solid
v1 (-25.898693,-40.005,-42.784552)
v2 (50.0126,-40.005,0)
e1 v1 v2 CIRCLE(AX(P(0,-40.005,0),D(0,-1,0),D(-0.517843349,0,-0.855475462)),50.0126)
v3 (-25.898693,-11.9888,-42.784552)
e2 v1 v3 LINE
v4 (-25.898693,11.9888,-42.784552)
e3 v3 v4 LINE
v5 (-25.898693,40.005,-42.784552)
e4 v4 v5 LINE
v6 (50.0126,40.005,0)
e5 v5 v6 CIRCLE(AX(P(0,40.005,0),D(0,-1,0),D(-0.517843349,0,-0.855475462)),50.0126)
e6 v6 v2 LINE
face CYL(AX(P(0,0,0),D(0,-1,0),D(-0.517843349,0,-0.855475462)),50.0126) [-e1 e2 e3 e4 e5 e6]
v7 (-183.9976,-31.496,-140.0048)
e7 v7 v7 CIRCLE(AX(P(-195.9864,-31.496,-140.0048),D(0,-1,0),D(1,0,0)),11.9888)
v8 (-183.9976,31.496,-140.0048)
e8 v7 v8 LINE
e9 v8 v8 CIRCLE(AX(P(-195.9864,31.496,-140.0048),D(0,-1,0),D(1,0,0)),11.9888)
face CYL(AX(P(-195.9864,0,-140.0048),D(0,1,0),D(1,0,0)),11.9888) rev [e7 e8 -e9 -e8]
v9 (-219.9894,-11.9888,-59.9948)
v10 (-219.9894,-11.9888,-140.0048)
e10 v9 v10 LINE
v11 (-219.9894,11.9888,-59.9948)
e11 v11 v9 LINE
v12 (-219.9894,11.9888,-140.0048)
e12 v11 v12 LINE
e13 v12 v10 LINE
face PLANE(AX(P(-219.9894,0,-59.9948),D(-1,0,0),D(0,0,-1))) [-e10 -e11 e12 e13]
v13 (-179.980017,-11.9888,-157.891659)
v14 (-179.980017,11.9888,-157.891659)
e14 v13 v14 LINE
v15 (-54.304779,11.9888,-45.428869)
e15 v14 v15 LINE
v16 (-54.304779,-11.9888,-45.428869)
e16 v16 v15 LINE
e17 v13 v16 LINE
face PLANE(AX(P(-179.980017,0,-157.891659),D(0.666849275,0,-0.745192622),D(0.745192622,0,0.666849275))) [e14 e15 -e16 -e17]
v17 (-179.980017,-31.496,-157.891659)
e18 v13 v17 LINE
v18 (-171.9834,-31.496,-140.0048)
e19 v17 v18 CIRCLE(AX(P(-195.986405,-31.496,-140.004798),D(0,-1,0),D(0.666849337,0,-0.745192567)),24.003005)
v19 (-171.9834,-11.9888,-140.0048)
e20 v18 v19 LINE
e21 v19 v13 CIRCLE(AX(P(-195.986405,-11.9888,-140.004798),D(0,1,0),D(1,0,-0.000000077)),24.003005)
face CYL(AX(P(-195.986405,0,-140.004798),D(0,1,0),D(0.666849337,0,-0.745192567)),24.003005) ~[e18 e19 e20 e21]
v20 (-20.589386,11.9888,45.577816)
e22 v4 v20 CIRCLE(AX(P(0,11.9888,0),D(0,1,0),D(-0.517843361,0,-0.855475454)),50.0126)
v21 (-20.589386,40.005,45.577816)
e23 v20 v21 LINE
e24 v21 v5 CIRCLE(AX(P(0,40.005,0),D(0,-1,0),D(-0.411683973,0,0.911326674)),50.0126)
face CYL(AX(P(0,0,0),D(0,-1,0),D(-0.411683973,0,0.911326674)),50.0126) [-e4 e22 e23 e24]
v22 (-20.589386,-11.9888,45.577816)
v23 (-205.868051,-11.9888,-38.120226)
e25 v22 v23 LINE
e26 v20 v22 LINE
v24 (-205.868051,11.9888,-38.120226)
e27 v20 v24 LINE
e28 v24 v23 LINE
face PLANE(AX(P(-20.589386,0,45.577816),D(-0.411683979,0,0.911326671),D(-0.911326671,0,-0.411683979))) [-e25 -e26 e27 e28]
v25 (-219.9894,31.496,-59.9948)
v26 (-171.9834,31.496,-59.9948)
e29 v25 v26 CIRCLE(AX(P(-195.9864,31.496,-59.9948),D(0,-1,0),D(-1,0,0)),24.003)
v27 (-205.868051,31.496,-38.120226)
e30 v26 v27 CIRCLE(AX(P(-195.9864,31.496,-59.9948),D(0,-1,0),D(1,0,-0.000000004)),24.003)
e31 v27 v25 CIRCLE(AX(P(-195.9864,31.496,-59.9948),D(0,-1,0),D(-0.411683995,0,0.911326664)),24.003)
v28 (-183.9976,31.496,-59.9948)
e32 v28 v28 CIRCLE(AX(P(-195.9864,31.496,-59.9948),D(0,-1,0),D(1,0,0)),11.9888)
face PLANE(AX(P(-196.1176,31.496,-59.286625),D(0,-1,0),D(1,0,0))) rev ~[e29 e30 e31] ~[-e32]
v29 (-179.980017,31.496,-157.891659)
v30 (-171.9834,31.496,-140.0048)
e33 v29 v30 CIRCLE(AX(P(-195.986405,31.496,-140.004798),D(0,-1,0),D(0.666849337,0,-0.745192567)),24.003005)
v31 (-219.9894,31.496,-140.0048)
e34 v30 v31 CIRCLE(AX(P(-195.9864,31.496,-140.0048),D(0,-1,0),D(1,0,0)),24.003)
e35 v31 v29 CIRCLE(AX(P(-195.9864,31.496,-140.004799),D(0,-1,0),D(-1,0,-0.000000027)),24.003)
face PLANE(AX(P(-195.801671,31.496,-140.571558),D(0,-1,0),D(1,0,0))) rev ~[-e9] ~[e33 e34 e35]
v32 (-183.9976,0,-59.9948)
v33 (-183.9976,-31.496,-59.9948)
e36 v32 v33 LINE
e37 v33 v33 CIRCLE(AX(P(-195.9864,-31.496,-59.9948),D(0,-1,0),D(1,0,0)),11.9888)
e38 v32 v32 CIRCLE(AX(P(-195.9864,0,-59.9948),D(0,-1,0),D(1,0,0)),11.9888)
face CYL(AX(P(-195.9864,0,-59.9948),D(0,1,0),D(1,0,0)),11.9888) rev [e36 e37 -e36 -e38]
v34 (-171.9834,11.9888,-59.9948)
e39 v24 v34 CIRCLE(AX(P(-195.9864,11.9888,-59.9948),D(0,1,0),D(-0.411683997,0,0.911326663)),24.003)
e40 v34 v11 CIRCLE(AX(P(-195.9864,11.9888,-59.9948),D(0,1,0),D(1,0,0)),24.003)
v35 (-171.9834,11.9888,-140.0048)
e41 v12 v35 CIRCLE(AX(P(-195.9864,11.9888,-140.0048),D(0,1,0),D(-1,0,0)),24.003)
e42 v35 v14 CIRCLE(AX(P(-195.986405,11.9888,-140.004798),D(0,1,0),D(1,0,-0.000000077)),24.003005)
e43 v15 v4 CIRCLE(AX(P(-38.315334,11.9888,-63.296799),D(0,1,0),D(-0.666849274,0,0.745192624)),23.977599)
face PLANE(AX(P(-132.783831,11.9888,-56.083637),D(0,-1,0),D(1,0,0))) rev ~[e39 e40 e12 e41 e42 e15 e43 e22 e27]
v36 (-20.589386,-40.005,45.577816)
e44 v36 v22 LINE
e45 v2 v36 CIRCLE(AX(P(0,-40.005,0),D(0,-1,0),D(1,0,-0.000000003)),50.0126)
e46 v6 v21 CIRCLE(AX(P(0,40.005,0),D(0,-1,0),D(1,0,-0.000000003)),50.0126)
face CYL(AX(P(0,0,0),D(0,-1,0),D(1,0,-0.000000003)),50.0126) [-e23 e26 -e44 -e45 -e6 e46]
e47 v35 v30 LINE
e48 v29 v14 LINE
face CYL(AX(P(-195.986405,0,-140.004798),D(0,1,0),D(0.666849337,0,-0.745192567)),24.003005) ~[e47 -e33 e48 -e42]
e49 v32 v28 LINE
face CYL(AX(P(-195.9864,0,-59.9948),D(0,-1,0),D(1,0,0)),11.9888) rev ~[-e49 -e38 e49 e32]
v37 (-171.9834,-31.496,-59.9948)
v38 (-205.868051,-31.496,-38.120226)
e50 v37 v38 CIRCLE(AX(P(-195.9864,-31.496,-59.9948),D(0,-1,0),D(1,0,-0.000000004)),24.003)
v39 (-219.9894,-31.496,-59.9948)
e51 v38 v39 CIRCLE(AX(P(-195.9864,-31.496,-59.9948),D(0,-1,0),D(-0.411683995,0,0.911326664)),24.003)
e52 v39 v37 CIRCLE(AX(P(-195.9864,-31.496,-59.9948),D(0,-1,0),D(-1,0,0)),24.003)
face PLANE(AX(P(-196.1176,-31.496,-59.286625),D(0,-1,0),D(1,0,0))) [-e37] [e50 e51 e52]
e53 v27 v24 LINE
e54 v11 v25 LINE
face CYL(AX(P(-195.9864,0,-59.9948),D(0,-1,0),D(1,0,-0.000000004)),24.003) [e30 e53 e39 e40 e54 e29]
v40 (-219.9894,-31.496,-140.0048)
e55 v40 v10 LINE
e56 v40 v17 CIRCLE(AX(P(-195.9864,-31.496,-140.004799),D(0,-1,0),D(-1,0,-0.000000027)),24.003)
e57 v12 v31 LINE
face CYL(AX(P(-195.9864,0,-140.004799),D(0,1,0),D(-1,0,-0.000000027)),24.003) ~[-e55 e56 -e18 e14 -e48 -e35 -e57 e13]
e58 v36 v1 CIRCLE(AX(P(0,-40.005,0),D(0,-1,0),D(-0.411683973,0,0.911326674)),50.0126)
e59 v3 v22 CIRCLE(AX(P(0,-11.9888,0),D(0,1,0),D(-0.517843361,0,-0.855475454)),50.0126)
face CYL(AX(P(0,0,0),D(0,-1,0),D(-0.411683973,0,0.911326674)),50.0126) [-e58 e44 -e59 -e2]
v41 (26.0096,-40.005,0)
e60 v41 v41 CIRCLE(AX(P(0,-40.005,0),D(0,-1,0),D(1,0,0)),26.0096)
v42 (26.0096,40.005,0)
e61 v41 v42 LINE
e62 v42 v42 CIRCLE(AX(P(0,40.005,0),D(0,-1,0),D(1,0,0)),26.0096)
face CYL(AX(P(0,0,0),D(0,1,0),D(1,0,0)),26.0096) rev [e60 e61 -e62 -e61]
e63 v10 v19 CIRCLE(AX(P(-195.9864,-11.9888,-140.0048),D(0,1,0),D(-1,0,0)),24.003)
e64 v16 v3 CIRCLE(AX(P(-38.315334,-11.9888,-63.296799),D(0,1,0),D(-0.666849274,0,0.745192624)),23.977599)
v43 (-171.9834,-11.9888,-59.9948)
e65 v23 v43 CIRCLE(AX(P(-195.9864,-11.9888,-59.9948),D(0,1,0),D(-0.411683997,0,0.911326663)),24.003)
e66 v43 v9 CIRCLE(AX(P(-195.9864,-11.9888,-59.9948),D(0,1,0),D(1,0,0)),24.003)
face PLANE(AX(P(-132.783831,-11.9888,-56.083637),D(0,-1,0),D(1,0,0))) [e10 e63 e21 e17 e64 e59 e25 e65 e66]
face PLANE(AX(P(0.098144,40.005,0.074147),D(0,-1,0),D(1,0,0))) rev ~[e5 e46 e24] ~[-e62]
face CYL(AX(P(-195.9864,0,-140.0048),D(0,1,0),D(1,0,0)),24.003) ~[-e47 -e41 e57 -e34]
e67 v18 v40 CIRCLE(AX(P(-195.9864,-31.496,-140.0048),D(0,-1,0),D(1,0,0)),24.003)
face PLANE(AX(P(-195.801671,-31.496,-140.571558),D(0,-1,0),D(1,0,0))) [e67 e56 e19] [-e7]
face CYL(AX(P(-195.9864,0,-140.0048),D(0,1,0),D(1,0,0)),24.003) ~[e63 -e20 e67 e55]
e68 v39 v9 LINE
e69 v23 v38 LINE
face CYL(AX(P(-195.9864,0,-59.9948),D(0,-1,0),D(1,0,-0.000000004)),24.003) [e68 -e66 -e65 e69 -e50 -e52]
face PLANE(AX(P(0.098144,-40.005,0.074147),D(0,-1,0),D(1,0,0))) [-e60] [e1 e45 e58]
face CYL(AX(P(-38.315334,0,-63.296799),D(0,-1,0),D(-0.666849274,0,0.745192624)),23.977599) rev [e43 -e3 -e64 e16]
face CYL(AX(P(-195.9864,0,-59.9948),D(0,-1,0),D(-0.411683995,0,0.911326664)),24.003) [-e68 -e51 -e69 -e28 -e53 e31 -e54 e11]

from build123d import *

# Parameters (mm, degrees)
F0_R     = 26.0096
F1_DEPTH = 40.005
F0_R_2   = 11.9888
F2_DEPTH = 31.496
F3_DEPTH = 11.9888


with BuildPart() as f1:
    # F0 (on Front) → F1 (new body, symmetric)
    with BuildSketch(Plane.XZ):
        with BuildLine():
            ThreePointArc((-25.898693, -42.784552), (24.55605, -43.569032), (50.0126, 0))
            ThreePointArc((50.0126, 0), (27.125002, 42.017787), (-20.589386, 45.577816))
            ThreePointArc((-20.589386, 45.577816), (-49.922564, 2.999628), (-25.898693, -42.784552))
        make_face()
        Circle(F0_R, mode=Mode.SUBTRACT)
    extrude(amount=F1_DEPTH, both=True)



with BuildPart() as f2:
    # F0 (on Front) → F2 (new body, symmetric)
    with BuildSketch(Plane.XZ):
        with BuildLine():
            ThreePointArc((-219.9894, -140.0048), (-205.782899, -161.917641), (-179.980017, -157.891659))
            ThreePointArc((-179.980017, -157.891659), (-174.073559, -149.801299), (-171.9834, -140.0048))
            ThreePointArc((-171.9834, -140.0048), (-195.9864, -116.0018), (-219.9894, -140.0048))
        make_face()
        with Locations((-195.9864, -140.0048)):
            Circle(F0_R_2, mode=Mode.SUBTRACT)
        with BuildLine():
            ThreePointArc((-171.9834, -59.9948), (-182.968052, -39.828823), (-205.868051, -38.120226))
            ThreePointArc((-205.868051, -38.120226), (-216.152377, -46.976452), (-219.9894, -59.9948))
            ThreePointArc((-219.9894, -59.9948), (-195.9864, -83.9978), (-171.9834, -59.9948))
        make_face()
        with Locations((-195.9864, -59.9948)):
            Circle(F0_R_2, mode=Mode.SUBTRACT)
    extrude(amount=F2_DEPTH, both=True)


with BuildPart() as f1_1:
    add(f1.part)

    add(f2.part)  # F3 merges F2
    # F0 (on Front) → F3 (join, symmetric)
    with BuildSketch(Plane.XZ):
        with BuildLine():
            ThreePointArc((-25.898693, -42.784552), (-49.922564, 2.999628), (-20.589386, 45.577816))
            Line((-20.589386, 45.577816), (-205.868051, -38.120226))
            ThreePointArc((-205.868051, -38.120226), (-182.968052, -39.828823), (-171.9834, -59.9948))
            ThreePointArc((-171.9834, -59.9948), (-195.9864, -83.9978), (-219.9894, -59.9948))
            Line((-219.9894, -59.9948), (-219.9894, -140.0048))
            ThreePointArc((-219.9894, -140.0048), (-195.9864, -116.0018), (-171.9834, -140.0048))
            ThreePointArc((-171.9834, -140.0048), (-174.073559, -149.801299), (-179.980017, -157.891659))
            Line((-179.980017, -157.891659), (-54.304779, -45.428869))
            ThreePointArc((-54.304779, -45.428869), (-40.537796, -39.422421), (-25.898693, -42.784552))
        make_face()
    extrude(amount=F3_DEPTH, both=True)


solid = f1_1.part
